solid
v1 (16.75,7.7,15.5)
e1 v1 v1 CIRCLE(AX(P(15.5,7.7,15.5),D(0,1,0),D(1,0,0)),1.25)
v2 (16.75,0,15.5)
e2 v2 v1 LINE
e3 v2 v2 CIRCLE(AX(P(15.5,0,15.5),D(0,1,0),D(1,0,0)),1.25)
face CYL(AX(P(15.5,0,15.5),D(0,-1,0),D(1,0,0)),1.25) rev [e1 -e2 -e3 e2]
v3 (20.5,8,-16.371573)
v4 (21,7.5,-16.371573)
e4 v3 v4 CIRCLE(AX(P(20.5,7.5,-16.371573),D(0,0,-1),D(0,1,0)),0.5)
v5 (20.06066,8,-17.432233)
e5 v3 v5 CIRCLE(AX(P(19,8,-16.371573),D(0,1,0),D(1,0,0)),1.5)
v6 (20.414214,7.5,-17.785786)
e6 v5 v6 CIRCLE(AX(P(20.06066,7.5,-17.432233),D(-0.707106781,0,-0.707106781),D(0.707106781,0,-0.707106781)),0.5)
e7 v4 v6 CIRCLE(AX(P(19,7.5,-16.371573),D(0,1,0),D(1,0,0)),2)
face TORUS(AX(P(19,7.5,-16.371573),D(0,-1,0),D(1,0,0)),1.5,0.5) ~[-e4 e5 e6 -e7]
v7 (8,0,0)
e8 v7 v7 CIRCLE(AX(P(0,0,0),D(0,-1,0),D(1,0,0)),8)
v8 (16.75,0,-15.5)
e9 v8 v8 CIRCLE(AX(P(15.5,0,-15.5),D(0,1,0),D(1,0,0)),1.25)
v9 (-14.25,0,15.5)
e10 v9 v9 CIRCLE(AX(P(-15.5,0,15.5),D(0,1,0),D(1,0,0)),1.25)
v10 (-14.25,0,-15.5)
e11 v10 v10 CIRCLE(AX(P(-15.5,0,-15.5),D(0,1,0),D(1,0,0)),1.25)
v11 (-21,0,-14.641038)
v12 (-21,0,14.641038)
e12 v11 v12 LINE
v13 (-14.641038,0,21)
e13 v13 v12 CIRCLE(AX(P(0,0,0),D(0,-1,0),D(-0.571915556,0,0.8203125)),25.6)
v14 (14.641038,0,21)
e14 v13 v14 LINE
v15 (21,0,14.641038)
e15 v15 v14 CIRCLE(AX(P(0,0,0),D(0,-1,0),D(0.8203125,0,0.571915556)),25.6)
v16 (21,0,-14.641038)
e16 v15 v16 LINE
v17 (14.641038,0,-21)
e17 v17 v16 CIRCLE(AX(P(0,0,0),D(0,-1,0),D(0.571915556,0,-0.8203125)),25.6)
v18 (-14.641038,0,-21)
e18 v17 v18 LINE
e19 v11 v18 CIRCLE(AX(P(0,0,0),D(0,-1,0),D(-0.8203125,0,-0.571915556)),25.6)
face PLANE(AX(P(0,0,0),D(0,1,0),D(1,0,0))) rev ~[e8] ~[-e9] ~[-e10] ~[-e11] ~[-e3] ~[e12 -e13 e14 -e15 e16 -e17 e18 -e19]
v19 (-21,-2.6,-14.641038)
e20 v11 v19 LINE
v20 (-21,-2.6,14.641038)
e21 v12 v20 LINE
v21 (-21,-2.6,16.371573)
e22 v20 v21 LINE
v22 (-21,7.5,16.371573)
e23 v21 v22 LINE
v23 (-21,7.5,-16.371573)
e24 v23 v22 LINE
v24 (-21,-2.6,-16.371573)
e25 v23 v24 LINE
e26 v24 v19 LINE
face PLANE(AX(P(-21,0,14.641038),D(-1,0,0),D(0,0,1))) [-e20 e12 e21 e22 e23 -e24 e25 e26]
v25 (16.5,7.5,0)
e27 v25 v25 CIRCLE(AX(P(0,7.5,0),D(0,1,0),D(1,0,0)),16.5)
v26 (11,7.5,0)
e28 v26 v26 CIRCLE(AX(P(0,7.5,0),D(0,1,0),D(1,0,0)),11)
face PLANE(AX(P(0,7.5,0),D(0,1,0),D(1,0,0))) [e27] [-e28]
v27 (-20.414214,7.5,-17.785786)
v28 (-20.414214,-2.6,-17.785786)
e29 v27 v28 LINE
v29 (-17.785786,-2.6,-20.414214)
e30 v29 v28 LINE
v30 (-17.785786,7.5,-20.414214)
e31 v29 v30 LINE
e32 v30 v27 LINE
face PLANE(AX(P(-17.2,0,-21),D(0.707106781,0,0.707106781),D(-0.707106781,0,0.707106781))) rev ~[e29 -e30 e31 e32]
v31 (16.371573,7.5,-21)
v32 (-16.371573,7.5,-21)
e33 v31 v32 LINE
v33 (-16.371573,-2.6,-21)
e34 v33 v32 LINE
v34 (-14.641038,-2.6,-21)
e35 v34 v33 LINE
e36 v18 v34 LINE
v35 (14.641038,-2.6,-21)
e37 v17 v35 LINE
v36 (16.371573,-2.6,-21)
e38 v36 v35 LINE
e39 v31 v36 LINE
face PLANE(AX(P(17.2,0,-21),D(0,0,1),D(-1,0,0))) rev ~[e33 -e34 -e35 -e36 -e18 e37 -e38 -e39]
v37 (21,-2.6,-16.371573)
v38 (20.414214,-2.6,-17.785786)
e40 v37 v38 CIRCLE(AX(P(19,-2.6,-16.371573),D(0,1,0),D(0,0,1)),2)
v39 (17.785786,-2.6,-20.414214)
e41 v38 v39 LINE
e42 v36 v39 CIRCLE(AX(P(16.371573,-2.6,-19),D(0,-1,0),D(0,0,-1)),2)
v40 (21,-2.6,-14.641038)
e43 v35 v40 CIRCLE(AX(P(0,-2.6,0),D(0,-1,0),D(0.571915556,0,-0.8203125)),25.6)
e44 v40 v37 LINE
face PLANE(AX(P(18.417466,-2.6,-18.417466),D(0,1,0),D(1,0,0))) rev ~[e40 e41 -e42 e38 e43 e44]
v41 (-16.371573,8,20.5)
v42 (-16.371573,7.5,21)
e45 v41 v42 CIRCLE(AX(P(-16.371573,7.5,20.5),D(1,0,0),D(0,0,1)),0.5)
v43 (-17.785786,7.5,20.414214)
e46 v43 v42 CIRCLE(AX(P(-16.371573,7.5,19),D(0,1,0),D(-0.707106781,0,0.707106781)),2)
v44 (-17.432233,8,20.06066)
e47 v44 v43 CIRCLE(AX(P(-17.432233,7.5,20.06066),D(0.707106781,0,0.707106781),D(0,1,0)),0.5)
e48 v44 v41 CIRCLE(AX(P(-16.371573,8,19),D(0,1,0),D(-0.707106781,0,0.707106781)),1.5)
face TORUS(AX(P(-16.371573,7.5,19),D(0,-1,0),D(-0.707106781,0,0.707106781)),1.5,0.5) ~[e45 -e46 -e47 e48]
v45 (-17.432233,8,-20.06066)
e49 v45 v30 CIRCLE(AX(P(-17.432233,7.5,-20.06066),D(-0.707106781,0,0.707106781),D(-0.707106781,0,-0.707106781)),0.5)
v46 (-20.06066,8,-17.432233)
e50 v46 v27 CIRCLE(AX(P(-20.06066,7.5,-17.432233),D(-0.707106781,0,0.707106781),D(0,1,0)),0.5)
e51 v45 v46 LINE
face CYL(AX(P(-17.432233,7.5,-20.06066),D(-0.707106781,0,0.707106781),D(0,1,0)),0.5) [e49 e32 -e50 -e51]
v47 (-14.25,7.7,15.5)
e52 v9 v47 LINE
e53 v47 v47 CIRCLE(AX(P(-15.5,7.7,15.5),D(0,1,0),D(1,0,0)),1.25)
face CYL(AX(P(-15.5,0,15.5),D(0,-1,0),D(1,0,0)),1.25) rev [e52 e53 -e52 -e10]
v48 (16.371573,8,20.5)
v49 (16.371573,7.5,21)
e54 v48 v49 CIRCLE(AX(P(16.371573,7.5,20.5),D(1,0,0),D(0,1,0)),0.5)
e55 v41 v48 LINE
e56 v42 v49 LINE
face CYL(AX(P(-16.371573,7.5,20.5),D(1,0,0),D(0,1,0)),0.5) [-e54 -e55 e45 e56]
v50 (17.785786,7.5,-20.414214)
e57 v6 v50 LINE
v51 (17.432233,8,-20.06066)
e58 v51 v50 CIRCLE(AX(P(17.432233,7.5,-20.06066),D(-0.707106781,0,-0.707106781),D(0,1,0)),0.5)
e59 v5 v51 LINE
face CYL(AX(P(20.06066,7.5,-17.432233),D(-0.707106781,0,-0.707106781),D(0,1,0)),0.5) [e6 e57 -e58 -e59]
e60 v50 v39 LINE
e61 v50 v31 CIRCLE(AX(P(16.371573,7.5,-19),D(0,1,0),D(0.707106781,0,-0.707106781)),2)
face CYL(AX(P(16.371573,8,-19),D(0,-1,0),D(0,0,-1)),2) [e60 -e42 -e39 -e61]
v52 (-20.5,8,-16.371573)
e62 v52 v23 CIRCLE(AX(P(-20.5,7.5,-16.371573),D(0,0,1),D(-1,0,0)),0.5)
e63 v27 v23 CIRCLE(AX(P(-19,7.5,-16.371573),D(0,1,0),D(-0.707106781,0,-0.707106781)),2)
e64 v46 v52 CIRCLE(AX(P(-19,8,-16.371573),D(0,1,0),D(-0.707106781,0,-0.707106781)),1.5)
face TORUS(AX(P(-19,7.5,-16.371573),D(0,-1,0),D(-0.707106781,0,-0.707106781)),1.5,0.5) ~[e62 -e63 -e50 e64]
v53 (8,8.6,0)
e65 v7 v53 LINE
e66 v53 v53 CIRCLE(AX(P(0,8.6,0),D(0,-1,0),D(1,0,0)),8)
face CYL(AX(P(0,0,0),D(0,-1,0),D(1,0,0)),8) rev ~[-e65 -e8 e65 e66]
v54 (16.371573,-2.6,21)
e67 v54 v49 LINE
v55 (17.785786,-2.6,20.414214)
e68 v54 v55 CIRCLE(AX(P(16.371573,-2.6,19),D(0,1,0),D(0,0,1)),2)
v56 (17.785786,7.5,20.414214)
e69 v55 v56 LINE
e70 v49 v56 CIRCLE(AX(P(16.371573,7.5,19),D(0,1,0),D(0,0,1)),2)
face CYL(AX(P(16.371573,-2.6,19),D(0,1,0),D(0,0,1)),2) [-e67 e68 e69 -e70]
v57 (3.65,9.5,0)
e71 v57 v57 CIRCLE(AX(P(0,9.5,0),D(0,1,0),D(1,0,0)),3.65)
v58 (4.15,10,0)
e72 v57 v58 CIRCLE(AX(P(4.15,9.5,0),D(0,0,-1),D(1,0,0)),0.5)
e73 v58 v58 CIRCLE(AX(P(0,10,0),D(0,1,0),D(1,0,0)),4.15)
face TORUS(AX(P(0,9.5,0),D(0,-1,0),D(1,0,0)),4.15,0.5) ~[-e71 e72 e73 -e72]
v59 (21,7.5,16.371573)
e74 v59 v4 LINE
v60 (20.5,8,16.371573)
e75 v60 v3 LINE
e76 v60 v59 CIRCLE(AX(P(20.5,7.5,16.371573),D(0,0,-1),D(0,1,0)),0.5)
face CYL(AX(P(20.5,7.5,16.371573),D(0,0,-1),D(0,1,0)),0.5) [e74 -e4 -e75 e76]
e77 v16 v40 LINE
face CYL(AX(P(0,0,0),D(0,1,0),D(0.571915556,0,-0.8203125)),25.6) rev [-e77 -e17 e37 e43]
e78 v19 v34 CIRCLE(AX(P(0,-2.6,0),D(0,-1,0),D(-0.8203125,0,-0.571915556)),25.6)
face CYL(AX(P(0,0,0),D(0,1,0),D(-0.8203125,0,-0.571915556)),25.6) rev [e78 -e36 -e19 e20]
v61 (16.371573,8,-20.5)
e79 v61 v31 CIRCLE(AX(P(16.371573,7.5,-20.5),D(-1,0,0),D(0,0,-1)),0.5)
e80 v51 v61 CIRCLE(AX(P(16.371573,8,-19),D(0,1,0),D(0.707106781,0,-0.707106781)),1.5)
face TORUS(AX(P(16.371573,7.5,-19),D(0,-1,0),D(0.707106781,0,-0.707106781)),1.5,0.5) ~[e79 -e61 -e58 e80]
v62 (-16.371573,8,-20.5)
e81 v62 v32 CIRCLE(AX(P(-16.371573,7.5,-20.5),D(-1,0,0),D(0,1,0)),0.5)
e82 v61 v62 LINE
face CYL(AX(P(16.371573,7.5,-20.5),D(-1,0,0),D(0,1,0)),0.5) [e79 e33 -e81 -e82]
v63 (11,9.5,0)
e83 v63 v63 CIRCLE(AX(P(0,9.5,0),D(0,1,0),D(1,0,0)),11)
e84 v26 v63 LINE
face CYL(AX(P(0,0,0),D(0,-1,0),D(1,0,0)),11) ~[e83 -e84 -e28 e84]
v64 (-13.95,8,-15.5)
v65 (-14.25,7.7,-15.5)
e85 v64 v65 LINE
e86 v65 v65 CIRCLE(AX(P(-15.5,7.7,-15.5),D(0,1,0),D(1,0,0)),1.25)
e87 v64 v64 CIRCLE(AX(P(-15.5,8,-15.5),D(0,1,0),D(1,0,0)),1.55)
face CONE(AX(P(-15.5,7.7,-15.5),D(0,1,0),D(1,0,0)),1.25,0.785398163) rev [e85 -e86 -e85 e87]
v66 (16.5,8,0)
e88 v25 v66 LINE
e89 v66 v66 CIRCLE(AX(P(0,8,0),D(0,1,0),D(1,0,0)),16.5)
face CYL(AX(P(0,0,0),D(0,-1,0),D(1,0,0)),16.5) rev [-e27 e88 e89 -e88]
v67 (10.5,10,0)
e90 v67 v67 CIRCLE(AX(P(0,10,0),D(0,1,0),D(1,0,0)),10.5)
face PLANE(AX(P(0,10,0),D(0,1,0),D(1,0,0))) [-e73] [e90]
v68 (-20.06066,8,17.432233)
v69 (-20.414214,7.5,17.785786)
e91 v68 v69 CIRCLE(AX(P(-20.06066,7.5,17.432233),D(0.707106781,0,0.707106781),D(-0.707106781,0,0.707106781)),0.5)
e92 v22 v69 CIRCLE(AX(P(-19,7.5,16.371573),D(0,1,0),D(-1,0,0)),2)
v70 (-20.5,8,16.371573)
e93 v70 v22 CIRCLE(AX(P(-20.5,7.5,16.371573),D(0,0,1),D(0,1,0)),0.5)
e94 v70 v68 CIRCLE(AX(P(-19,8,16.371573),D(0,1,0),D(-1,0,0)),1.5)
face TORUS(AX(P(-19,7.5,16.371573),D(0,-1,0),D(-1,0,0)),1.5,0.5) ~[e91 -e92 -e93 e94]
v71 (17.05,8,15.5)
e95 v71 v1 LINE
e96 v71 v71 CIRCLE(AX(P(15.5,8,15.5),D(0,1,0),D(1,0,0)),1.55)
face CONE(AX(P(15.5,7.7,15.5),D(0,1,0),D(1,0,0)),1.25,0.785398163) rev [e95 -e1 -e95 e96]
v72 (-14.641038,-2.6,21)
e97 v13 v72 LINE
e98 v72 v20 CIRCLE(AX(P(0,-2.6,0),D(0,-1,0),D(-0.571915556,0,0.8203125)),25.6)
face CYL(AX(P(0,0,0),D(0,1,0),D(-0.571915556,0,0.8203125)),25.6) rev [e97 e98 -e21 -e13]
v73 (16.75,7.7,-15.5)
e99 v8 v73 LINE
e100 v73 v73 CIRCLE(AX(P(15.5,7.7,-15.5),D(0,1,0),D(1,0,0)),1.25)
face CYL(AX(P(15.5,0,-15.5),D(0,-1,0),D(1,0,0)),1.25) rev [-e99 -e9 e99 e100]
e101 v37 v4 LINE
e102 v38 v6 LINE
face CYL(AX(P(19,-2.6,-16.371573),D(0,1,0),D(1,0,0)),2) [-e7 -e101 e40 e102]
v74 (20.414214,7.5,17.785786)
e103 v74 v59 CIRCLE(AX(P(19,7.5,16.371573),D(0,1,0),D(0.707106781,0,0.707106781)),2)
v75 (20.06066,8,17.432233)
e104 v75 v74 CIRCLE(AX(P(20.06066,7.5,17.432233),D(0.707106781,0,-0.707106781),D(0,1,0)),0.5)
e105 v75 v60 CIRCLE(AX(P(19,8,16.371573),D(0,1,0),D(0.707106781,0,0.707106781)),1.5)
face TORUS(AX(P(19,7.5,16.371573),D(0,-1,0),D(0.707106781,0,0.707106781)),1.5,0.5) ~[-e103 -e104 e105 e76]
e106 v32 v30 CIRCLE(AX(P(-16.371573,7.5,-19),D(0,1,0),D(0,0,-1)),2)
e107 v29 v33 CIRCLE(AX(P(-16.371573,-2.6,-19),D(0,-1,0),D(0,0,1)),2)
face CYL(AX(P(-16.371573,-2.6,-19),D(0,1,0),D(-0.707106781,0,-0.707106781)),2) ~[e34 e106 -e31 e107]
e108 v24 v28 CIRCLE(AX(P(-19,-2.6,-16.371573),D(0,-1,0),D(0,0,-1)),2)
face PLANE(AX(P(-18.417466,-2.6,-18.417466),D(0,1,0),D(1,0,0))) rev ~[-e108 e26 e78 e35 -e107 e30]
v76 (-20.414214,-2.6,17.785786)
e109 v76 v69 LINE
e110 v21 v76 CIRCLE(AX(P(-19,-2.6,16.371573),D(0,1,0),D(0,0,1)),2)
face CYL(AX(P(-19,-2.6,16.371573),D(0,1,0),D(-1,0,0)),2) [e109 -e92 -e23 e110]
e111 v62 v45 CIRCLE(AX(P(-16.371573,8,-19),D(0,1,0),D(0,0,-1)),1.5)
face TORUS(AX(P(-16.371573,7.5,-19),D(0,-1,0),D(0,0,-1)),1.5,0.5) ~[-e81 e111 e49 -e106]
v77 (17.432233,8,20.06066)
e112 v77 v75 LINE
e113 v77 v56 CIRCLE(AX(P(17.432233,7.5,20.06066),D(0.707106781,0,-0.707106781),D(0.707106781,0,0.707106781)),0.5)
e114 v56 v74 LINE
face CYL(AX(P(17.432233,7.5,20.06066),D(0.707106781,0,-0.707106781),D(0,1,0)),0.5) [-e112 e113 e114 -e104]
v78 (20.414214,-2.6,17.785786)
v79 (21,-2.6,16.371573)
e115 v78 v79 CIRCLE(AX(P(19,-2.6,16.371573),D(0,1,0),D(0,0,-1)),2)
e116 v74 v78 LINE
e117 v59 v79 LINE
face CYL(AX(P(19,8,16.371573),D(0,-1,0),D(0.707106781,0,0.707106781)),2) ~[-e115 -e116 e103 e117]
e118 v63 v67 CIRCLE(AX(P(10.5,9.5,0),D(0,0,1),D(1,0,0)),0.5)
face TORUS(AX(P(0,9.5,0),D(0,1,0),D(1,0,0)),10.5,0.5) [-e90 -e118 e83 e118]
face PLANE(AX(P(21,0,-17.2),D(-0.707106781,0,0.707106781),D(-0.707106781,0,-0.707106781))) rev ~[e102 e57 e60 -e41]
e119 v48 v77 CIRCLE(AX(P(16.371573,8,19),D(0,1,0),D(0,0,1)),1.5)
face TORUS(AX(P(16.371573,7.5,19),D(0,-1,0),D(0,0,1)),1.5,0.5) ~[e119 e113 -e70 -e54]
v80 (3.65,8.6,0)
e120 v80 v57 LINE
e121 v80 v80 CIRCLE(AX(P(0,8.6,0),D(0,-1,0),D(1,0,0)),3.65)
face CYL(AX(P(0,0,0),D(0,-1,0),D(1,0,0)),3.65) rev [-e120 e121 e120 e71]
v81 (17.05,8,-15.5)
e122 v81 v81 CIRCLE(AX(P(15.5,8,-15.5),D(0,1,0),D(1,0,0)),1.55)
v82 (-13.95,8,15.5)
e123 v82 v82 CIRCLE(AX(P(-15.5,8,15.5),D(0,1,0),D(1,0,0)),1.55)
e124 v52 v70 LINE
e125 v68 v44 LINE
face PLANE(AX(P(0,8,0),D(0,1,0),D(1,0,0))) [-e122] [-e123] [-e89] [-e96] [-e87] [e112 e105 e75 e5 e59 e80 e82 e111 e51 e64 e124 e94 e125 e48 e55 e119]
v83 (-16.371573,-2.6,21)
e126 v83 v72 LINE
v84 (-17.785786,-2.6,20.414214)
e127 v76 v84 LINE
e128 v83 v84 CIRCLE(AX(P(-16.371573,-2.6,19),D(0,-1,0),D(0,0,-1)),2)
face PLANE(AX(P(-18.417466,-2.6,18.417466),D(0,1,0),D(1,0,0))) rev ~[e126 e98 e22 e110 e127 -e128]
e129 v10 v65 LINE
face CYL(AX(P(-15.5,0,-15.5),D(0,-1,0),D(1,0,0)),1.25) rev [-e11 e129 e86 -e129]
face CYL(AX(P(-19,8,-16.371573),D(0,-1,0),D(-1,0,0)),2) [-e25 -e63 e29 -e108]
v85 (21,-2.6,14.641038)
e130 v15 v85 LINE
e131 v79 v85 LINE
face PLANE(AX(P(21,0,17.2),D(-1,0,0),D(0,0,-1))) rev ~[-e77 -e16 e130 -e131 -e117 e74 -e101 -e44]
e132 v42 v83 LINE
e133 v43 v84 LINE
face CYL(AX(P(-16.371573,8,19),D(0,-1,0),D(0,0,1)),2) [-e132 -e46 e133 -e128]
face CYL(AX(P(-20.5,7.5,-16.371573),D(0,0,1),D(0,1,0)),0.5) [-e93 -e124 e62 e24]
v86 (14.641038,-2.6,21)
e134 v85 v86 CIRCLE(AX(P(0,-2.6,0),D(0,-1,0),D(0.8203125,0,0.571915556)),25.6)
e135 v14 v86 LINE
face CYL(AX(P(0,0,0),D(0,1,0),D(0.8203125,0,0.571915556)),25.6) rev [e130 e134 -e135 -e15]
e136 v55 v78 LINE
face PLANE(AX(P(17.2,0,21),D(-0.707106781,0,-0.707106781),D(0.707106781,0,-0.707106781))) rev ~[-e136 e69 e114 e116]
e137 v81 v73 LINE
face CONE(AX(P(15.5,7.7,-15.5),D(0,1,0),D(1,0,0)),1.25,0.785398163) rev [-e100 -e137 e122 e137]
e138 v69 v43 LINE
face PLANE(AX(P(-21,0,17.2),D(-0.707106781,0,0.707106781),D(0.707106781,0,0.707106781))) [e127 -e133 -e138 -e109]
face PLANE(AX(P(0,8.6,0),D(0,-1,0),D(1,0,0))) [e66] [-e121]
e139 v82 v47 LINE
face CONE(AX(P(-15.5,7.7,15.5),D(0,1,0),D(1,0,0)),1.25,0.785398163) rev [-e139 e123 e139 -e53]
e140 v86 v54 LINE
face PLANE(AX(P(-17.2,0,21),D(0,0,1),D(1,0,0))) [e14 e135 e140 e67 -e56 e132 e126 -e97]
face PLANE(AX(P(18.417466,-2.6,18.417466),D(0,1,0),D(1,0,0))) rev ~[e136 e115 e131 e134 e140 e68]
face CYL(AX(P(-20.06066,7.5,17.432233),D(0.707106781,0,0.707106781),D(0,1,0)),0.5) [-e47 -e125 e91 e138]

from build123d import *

# Parameters (mm, degrees)
SKETCH_1_R          = 2.65
SKETCH_1_R_2        = 16.5
SKETCH_1_R_3        = 1.25
EXTRUDE_1_DEPTH     = 8
SKETCH_1_3_R        = 16.5
SKETCH_1_3_R_2      = 11
EXTRUDE_2_DEPTH     = 7.5
SKETCH_1_4_R        = 11
SKETCH_1_4_R_2      = 3.65
EXTRUDE_3_DEPTH     = 10
EXTRUDE_4_DEPTH     = 2.6
SKETCH_2_R          = 8
CUT_EXTRUDE_1_DEPTH = 8.6
FILLET_1_R          = 2
FILLET_2_R          = 0.5
CHAMFER_1_SIZE      = 0.3


with BuildPart() as part:
    # Sketch 1 → Extrude 1 (new body)
    with BuildSketch(Plane(origin=(0, 0, 0), x_dir=(1, 0, 0), z_dir=(0, 1, 0))):
        with BuildLine():
            ThreePointArc((-14.641038215, 21), (-18.101933598, 18.101933598), (-21, 14.641038215))
            Line((-21, 14.641038215), (-21, -14.641038215))
            ThreePointArc((-21, -14.641038215), (-18.101933598, -18.101933598), (-14.641038215, -21))
            Line((-14.641038215, -21), (14.641038215, -21))
            ThreePointArc((14.641038215, -21), (18.101933598, -18.101933598), (21, -14.641038215))
            Line((21, -14.641038215), (21, 14.641038215))
            ThreePointArc((21, 14.641038215), (18.101933598, 18.101933598), (14.641038215, 21))
            Line((14.641038215, 21), (-14.641038215, 21))
        make_face()
        with Locations((-15.5, -15.5)):
            Circle(SKETCH_1_R, mode=Mode.SUBTRACT)
        with Locations((15.5, -15.5)):
            Circle(SKETCH_1_R, mode=Mode.SUBTRACT)
        Circle(SKETCH_1_R_2, mode=Mode.SUBTRACT)
        with Locations((-15.5, 15.5)):
            Circle(SKETCH_1_R, mode=Mode.SUBTRACT)
        with Locations((15.5, 15.5)):
            Circle(SKETCH_1_R, mode=Mode.SUBTRACT)
        with Locations((15.5, -15.5)):
            Circle(SKETCH_1_R)
        with Locations((15.5, -15.5)):
            Circle(SKETCH_1_R_3, mode=Mode.SUBTRACT)
        with Locations((-15.5, -15.5)):
            Circle(SKETCH_1_R)
        with Locations((-15.5, -15.5)):
            Circle(SKETCH_1_R_3, mode=Mode.SUBTRACT)
        with Locations((-15.5, 15.5)):
            Circle(SKETCH_1_R)
        with Locations((-15.5, 15.5)):
            Circle(SKETCH_1_R_3, mode=Mode.SUBTRACT)
        with Locations((15.5, 15.5)):
            Circle(SKETCH_1_R)
        with Locations((15.5, 15.5)):
            Circle(SKETCH_1_R_3, mode=Mode.SUBTRACT)
        with BuildLine():
            ThreePointArc((-14.641038215, -21), (-18.101933598, -18.101933598), (-21, -14.641038215))
            Line((-21, -14.641038215), (-21, -17.2))
            Line((-21, -17.2), (-17.2, -21))
            Line((-17.2, -21), (-14.641038215, -21))
        make_face()
        with BuildLine():
            Line((-17.2, 21), (-21, 17.2))
            Line((-21, 17.2), (-21, 14.641038215))
            ThreePointArc((-21, 14.641038215), (-18.101933598, 18.101933598), (-14.641038215, 21))
            Line((-14.641038215, 21), (-17.2, 21))
        make_face()
        with BuildLine():
            Line((17.2, 21), (14.641038215, 21))
            ThreePointArc((14.641038215, 21), (18.101933598, 18.101933598), (21, 14.641038215))
            Line((21, 14.641038215), (21, 17.2))
            Line((21, 17.2), (17.2, 21))
        make_face()
        with BuildLine():
            ThreePointArc((21, -14.641038215), (18.101933598, -18.101933598), (14.641038215, -21))
            Line((14.641038215, -21), (17.2, -21))
            Line((17.2, -21), (21, -17.2))
            Line((21, -17.2), (21, -14.641038215))
        make_face()
    extrude(amount=EXTRUDE_1_DEPTH)

    # Sketch 1_3 → Extrude 2 (add)
    with BuildSketch(Plane(origin=(0, 0, 0), x_dir=(1, 0, 0), z_dir=(0, 1, 0))):
        Circle(SKETCH_1_3_R)
        Circle(SKETCH_1_3_R_2, mode=Mode.SUBTRACT)
    extrude(amount=EXTRUDE_2_DEPTH)

    # Sketch 1_4 → Extrude 3 (add)
    with BuildSketch(Plane(origin=(0, 0, 0), x_dir=(1, 0, 0), z_dir=(0, 1, 0))):
        Circle(SKETCH_1_4_R)
        Circle(SKETCH_1_4_R_2, mode=Mode.SUBTRACT)
    extrude(amount=EXTRUDE_3_DEPTH)

    # Sketch 1_5 → Extrude 4 (add)
    with BuildSketch(Plane(origin=(0, 0, 0), x_dir=(1, 0, 0), z_dir=(0, 1, 0))):
        with BuildLine():
            ThreePointArc((-14.641038215, -21), (-18.101933598, -18.101933598), (-21, -14.641038215))
            Line((-21, -14.641038215), (-21, -17.2))
            Line((-21, -17.2), (-17.2, -21))
            Line((-17.2, -21), (-14.641038215, -21))
        make_face()
        with BuildLine():
            ThreePointArc((21, -14.641038215), (18.101933598, -18.101933598), (14.641038215, -21))
            Line((14.641038215, -21), (17.2, -21))
            Line((17.2, -21), (21, -17.2))
            Line((21, -17.2), (21, -14.641038215))
        make_face()
        with BuildLine():
            Line((-17.2, 21), (-21, 17.2))
            Line((-21, 17.2), (-21, 14.641038215))
            ThreePointArc((-21, 14.641038215), (-18.101933598, 18.101933598), (-14.641038215, 21))
            Line((-14.641038215, 21), (-17.2, 21))
        make_face()
        with BuildLine():
            Line((17.2, 21), (14.641038215, 21))
            ThreePointArc((14.641038215, 21), (18.101933598, 18.101933598), (21, 14.641038215))
            Line((21, 14.641038215), (21, 17.2))
            Line((21, 17.2), (17.2, 21))
        make_face()
    extrude(amount=-EXTRUDE_4_DEPTH)

    # Sketch 2 → Cut-Extrude 1 (cut)
    with BuildSketch(Plane.XZ):
        Circle(SKETCH_2_R)
    extrude(amount=-CUT_EXTRUDE_1_DEPTH, mode=Mode.SUBTRACT)

    # Fillet 1
    fillet_1_edges = [part.edges().sort_by_distance(p)[0] for p in [
        (-17.2, 2.7, 21),
        (-21, 2.7, 17.2),
        (-21, 2.7, -17.2),
        (-17.2, 2.7, -21),
        (17.2, 2.7, -21),
        (21, 2.7, -17.2),
        (21, 2.7, 17.2),
        (17.2, 2.7, 21),
    ]]
    fillet(fillet_1_edges, radius=FILLET_1_R)

    # Fillet 2
    fillet_2_edges = [part.edges().sort_by_distance(p)[0] for p in [
        (21, 8, 0),
        (19.1, 8, 19.1),
        (0, 8, 21),
        (19.1, 8, -19.1),
        (0, 8, -21),
        (-19.1, 8, -19.1),
        (-21, 8, 0),
        (-19.1, 8, 19.1),
        (20.847759065, 8, -17.13693974),
        (17.13693974, 8, -20.847759065),
        (-17.13693974, 8, -20.847759065),
        (-20.847759065, 8, -17.13693974),
        (-20.847759065, 8, 17.13693974),
        (-17.13693974, 8, 20.847759065),
        (17.13693974, 8, 20.847759065),
        (20.847759065, 8, 17.13693974),
        (-3.65, 10, 0),
        (-11, 10, 0),
    ]]
    fillet(fillet_2_edges, radius=FILLET_2_R)

    # Chamfer 1
    chamfer_1_edges = [part.edges().sort_by_distance(p)[0] for p in [
        (-16.75, 8, -15.5),
        (14.25, 8, -15.5),
        (14.25, 8, 15.5),
        (-16.75, 8, 15.5),
    ]]
    chamfer(chamfer_1_edges, length=CHAMFER_1_SIZE)


solid = part.part
